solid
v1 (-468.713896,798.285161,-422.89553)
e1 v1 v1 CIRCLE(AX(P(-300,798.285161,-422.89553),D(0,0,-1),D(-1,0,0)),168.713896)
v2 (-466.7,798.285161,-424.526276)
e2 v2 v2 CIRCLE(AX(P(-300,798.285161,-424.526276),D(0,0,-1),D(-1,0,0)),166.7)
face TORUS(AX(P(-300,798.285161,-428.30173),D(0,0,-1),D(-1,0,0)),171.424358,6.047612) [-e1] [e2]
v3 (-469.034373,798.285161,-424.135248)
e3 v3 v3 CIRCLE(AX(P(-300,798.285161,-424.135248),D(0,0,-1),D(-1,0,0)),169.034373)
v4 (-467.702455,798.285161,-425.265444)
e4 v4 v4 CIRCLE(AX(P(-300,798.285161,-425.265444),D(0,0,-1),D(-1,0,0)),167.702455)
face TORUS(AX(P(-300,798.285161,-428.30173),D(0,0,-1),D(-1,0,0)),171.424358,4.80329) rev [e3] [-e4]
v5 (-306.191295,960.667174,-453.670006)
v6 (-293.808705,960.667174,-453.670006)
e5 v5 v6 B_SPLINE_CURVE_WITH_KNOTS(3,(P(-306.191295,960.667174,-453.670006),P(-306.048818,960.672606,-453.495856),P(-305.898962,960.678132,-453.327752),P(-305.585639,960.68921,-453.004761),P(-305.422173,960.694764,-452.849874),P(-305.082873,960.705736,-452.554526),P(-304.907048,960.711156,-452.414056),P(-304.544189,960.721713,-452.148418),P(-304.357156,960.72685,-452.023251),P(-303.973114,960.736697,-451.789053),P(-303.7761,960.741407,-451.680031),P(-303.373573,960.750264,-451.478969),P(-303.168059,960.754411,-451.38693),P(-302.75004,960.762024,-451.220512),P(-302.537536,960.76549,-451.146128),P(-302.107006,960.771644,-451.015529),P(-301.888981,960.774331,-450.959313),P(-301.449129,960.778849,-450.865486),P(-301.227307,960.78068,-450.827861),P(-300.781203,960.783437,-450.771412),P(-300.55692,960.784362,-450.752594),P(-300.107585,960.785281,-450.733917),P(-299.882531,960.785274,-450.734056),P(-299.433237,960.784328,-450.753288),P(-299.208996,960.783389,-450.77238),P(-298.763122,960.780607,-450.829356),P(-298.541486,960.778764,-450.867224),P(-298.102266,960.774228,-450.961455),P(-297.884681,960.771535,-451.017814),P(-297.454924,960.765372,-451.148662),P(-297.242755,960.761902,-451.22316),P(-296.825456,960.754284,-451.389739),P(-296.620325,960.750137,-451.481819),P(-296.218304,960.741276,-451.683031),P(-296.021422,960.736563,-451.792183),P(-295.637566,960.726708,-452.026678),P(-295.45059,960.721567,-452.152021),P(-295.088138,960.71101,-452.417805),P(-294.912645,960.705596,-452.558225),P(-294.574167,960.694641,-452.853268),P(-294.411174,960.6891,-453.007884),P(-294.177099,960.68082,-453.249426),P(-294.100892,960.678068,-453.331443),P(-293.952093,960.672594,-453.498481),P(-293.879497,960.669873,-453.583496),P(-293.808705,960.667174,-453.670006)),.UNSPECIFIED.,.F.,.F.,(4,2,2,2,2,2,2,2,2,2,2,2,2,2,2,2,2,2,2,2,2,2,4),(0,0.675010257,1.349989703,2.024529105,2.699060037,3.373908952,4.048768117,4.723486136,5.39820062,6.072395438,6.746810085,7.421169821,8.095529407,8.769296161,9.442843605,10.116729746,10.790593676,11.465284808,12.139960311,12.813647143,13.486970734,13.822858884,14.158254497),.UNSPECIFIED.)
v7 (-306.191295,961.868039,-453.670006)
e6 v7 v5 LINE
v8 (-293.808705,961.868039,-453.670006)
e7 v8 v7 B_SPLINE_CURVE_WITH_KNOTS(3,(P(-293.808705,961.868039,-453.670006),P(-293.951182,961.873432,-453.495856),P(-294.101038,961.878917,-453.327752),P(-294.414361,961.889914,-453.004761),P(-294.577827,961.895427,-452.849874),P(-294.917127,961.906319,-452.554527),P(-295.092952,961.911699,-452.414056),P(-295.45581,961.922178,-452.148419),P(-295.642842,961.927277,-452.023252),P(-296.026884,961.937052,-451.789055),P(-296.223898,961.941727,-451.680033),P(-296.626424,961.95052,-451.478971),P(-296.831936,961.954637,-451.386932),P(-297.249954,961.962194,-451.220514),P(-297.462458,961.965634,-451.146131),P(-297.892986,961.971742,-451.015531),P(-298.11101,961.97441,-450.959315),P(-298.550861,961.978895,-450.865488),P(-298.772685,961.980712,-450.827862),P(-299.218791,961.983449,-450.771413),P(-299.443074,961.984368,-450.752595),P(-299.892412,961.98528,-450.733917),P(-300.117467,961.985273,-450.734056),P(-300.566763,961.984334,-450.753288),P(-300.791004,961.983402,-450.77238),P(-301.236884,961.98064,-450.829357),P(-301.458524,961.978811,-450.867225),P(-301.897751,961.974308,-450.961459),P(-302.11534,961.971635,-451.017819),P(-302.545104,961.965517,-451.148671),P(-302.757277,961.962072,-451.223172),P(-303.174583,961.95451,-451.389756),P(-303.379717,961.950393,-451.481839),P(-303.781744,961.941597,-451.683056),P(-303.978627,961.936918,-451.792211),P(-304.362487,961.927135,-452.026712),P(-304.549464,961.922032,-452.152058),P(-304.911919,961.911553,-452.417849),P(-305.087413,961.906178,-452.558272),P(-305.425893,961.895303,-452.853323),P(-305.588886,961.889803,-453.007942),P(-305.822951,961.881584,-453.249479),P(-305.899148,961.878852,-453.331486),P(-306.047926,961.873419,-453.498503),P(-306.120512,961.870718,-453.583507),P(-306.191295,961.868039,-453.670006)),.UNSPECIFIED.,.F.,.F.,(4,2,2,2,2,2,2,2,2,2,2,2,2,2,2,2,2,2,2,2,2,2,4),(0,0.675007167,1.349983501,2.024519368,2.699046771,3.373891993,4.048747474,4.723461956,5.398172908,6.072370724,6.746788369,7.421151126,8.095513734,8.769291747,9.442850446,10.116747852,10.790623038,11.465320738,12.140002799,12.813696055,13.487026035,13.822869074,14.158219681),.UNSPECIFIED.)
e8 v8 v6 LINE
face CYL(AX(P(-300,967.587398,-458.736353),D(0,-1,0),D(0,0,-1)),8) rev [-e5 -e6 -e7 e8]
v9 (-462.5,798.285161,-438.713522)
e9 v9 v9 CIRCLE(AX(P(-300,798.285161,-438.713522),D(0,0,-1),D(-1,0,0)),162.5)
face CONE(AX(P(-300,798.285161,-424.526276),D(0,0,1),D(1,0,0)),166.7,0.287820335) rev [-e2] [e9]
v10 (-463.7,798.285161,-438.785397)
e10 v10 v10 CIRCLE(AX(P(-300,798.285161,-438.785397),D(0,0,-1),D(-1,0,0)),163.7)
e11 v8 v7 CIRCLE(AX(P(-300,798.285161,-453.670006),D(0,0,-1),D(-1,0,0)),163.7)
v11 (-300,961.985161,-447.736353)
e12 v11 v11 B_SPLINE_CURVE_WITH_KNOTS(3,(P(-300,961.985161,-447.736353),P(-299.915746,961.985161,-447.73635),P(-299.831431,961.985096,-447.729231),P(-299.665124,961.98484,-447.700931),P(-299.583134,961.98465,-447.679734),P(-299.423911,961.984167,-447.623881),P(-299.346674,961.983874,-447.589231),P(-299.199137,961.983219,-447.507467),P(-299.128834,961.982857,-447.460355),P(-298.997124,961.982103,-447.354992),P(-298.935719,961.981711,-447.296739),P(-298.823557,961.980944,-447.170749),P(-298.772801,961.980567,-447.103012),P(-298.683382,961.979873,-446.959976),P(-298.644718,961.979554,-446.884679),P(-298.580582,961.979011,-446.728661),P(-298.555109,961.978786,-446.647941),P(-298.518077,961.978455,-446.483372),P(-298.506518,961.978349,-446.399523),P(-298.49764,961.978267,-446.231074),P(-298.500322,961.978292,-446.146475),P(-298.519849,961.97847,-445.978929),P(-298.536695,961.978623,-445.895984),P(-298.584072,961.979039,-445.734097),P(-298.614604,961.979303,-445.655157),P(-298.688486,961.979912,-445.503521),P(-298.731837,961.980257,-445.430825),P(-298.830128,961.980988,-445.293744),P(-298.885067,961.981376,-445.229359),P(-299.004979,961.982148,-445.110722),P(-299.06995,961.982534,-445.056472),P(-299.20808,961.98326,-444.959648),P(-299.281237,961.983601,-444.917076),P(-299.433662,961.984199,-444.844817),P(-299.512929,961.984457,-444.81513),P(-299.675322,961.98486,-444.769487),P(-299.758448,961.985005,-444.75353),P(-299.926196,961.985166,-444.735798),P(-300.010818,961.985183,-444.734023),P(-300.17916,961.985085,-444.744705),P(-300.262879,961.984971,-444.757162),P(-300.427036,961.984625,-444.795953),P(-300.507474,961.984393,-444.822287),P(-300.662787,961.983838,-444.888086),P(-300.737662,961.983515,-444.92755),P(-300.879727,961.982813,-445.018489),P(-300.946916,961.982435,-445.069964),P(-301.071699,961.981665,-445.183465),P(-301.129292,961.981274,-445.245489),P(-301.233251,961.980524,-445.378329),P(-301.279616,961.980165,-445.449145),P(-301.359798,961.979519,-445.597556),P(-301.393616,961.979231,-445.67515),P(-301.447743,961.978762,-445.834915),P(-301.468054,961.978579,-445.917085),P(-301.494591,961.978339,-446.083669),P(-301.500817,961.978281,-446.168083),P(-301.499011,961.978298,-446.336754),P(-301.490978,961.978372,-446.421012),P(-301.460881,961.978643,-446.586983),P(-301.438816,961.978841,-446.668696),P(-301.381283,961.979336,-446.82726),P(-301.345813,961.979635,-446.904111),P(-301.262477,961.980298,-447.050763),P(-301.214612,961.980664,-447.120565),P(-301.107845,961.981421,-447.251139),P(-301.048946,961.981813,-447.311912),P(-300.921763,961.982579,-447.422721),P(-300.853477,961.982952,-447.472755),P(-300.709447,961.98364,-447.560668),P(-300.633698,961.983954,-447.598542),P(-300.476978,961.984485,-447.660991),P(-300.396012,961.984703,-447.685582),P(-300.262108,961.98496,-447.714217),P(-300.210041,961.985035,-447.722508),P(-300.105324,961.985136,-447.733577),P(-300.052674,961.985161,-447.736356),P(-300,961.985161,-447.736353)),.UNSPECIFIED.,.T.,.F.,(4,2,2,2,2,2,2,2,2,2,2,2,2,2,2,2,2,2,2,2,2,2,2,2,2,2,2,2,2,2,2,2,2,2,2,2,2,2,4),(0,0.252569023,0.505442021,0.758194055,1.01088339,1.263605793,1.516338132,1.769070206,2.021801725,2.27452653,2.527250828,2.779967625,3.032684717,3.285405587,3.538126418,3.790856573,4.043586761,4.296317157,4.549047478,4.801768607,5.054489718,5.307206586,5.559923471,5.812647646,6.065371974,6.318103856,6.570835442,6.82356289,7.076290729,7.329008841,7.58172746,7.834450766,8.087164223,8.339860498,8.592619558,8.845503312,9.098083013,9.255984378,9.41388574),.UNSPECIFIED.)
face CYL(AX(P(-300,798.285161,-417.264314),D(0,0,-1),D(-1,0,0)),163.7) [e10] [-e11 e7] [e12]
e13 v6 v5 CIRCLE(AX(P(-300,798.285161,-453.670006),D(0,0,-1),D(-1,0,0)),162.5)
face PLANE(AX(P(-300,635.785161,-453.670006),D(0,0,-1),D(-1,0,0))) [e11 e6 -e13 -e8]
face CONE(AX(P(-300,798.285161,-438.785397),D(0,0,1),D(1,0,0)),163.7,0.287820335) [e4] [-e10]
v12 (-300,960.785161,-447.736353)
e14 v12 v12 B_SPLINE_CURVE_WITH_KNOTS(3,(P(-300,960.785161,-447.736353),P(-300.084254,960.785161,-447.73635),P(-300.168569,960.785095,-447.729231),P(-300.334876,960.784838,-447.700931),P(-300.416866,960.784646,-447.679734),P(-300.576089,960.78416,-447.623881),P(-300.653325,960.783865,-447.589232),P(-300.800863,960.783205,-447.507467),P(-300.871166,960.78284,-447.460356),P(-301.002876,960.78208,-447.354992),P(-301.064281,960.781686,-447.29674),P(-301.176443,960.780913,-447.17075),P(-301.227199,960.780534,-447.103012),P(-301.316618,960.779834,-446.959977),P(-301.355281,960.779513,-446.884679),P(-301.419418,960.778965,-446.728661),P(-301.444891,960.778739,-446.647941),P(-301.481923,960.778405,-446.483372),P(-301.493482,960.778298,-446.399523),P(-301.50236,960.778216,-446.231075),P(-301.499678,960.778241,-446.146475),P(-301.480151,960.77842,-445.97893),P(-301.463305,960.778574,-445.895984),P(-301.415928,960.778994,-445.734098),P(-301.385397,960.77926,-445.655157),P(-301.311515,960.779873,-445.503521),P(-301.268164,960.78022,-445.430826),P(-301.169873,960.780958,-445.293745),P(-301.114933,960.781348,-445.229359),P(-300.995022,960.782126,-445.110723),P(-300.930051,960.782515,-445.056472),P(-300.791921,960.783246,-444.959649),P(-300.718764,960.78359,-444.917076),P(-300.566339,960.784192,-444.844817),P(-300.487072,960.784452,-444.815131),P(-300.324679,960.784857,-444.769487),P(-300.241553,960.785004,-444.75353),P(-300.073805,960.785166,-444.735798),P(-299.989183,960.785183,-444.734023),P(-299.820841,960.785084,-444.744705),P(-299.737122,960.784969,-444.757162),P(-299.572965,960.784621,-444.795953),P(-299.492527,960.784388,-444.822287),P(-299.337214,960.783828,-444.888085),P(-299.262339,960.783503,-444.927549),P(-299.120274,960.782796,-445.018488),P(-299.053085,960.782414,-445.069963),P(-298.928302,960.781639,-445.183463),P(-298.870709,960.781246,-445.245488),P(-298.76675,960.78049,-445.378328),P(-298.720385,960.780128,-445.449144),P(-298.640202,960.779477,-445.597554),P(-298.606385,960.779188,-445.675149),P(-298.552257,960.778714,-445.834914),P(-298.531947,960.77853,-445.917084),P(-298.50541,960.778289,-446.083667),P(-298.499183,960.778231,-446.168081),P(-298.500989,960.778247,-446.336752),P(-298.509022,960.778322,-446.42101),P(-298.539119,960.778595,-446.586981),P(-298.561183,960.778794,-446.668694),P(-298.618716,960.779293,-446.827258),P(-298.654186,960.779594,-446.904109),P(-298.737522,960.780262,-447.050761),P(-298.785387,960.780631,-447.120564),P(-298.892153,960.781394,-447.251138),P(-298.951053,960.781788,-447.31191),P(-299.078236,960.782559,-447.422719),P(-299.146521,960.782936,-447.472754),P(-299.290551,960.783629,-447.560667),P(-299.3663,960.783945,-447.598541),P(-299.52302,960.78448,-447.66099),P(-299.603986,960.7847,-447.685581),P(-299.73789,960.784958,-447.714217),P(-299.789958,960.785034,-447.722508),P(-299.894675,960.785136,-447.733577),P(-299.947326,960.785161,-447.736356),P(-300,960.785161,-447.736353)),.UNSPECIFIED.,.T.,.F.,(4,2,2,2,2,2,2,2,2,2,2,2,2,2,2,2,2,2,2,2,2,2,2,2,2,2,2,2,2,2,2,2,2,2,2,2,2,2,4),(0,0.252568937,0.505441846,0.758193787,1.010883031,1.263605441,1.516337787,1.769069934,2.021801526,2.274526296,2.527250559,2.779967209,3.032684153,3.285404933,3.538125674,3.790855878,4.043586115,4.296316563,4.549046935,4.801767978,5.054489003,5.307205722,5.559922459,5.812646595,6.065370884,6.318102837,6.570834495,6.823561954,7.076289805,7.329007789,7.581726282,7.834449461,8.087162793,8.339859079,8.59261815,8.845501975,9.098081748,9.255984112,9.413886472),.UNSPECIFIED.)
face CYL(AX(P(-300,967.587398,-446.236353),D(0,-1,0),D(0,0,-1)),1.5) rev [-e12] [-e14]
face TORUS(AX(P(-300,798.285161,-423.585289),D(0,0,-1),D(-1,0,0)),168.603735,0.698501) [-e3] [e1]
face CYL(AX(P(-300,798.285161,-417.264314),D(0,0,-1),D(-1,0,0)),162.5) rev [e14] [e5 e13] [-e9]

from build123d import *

# Parameters (mm, degrees)
SKETCH8_R          = 1.5
CUT_EXTRUDE1_DEPTH = 675.332492822


with BuildPart() as part:
    # Sketch1 → Revolve1 (revolve)
    with BuildSketch(Plane(origin=(-300, 0, 0), x_dir=(0, -1, 0), z_dir=(-1, 0, 0)), mode=Mode.PRIVATE) as revolve1_sk:
        with BuildLine():
            Line((-631.585161389, -424.526276491), (-635.785161389, -438.713521565))
            Line((-635.785161389, -438.713521565), (-635.785161389, -453.670006409))
            Line((-635.785161389, -453.670006409), (-634.585161389, -453.670006409))
            Line((-634.585161389, -453.670006409), (-634.585161389, -438.785397411))
            Line((-634.585161389, -438.785397411), (-630.582706756, -425.265443891))
            ThreePointArc((-630.582706756, -425.265443891), (-629.96855649, -424.639289663), (-629.250787995, -424.135247944))
            ThreePointArc((-629.250787995, -424.135247944), (-629.005156259, -423.410467755), (-629.571265705, -422.895529538))
            ThreePointArc((-629.571265705, -422.895529538), (-630.666584798, -423.601768681), (-631.585161389, -424.526276491))
        make_face()
    revolve(revolve1_sk.sketch.rotate(Axis((-300, 798.285161389, -417.264314325), (0, 0, -1)), 90), axis=Axis((-300, 798.285161389, -417.264314325), (0, 0, -1)))

    # Sketch8 → Cut-Extrude1 (cut, through all)
    with BuildSketch(Plane(origin=(0, 798.285161389, 0), x_dir=(1, 0, 0), z_dir=(0, 1, 0))):
        with Locations(Location((-300, 446.236353344, 0), (0, 0, 90))):
            Circle(SKETCH8_R)
        with BuildLine():
            Line((-293.808705408, 453.670006409), (-306.191294592, 453.670006409))
            ThreePointArc((-306.191294592, 453.670006409), (-300, 450.736353344), (-293.808705408, 453.670006409))
        make_face()
    extrude(amount=CUT_EXTRUDE1_DEPTH, mode=Mode.SUBTRACT)


solid = part.part
